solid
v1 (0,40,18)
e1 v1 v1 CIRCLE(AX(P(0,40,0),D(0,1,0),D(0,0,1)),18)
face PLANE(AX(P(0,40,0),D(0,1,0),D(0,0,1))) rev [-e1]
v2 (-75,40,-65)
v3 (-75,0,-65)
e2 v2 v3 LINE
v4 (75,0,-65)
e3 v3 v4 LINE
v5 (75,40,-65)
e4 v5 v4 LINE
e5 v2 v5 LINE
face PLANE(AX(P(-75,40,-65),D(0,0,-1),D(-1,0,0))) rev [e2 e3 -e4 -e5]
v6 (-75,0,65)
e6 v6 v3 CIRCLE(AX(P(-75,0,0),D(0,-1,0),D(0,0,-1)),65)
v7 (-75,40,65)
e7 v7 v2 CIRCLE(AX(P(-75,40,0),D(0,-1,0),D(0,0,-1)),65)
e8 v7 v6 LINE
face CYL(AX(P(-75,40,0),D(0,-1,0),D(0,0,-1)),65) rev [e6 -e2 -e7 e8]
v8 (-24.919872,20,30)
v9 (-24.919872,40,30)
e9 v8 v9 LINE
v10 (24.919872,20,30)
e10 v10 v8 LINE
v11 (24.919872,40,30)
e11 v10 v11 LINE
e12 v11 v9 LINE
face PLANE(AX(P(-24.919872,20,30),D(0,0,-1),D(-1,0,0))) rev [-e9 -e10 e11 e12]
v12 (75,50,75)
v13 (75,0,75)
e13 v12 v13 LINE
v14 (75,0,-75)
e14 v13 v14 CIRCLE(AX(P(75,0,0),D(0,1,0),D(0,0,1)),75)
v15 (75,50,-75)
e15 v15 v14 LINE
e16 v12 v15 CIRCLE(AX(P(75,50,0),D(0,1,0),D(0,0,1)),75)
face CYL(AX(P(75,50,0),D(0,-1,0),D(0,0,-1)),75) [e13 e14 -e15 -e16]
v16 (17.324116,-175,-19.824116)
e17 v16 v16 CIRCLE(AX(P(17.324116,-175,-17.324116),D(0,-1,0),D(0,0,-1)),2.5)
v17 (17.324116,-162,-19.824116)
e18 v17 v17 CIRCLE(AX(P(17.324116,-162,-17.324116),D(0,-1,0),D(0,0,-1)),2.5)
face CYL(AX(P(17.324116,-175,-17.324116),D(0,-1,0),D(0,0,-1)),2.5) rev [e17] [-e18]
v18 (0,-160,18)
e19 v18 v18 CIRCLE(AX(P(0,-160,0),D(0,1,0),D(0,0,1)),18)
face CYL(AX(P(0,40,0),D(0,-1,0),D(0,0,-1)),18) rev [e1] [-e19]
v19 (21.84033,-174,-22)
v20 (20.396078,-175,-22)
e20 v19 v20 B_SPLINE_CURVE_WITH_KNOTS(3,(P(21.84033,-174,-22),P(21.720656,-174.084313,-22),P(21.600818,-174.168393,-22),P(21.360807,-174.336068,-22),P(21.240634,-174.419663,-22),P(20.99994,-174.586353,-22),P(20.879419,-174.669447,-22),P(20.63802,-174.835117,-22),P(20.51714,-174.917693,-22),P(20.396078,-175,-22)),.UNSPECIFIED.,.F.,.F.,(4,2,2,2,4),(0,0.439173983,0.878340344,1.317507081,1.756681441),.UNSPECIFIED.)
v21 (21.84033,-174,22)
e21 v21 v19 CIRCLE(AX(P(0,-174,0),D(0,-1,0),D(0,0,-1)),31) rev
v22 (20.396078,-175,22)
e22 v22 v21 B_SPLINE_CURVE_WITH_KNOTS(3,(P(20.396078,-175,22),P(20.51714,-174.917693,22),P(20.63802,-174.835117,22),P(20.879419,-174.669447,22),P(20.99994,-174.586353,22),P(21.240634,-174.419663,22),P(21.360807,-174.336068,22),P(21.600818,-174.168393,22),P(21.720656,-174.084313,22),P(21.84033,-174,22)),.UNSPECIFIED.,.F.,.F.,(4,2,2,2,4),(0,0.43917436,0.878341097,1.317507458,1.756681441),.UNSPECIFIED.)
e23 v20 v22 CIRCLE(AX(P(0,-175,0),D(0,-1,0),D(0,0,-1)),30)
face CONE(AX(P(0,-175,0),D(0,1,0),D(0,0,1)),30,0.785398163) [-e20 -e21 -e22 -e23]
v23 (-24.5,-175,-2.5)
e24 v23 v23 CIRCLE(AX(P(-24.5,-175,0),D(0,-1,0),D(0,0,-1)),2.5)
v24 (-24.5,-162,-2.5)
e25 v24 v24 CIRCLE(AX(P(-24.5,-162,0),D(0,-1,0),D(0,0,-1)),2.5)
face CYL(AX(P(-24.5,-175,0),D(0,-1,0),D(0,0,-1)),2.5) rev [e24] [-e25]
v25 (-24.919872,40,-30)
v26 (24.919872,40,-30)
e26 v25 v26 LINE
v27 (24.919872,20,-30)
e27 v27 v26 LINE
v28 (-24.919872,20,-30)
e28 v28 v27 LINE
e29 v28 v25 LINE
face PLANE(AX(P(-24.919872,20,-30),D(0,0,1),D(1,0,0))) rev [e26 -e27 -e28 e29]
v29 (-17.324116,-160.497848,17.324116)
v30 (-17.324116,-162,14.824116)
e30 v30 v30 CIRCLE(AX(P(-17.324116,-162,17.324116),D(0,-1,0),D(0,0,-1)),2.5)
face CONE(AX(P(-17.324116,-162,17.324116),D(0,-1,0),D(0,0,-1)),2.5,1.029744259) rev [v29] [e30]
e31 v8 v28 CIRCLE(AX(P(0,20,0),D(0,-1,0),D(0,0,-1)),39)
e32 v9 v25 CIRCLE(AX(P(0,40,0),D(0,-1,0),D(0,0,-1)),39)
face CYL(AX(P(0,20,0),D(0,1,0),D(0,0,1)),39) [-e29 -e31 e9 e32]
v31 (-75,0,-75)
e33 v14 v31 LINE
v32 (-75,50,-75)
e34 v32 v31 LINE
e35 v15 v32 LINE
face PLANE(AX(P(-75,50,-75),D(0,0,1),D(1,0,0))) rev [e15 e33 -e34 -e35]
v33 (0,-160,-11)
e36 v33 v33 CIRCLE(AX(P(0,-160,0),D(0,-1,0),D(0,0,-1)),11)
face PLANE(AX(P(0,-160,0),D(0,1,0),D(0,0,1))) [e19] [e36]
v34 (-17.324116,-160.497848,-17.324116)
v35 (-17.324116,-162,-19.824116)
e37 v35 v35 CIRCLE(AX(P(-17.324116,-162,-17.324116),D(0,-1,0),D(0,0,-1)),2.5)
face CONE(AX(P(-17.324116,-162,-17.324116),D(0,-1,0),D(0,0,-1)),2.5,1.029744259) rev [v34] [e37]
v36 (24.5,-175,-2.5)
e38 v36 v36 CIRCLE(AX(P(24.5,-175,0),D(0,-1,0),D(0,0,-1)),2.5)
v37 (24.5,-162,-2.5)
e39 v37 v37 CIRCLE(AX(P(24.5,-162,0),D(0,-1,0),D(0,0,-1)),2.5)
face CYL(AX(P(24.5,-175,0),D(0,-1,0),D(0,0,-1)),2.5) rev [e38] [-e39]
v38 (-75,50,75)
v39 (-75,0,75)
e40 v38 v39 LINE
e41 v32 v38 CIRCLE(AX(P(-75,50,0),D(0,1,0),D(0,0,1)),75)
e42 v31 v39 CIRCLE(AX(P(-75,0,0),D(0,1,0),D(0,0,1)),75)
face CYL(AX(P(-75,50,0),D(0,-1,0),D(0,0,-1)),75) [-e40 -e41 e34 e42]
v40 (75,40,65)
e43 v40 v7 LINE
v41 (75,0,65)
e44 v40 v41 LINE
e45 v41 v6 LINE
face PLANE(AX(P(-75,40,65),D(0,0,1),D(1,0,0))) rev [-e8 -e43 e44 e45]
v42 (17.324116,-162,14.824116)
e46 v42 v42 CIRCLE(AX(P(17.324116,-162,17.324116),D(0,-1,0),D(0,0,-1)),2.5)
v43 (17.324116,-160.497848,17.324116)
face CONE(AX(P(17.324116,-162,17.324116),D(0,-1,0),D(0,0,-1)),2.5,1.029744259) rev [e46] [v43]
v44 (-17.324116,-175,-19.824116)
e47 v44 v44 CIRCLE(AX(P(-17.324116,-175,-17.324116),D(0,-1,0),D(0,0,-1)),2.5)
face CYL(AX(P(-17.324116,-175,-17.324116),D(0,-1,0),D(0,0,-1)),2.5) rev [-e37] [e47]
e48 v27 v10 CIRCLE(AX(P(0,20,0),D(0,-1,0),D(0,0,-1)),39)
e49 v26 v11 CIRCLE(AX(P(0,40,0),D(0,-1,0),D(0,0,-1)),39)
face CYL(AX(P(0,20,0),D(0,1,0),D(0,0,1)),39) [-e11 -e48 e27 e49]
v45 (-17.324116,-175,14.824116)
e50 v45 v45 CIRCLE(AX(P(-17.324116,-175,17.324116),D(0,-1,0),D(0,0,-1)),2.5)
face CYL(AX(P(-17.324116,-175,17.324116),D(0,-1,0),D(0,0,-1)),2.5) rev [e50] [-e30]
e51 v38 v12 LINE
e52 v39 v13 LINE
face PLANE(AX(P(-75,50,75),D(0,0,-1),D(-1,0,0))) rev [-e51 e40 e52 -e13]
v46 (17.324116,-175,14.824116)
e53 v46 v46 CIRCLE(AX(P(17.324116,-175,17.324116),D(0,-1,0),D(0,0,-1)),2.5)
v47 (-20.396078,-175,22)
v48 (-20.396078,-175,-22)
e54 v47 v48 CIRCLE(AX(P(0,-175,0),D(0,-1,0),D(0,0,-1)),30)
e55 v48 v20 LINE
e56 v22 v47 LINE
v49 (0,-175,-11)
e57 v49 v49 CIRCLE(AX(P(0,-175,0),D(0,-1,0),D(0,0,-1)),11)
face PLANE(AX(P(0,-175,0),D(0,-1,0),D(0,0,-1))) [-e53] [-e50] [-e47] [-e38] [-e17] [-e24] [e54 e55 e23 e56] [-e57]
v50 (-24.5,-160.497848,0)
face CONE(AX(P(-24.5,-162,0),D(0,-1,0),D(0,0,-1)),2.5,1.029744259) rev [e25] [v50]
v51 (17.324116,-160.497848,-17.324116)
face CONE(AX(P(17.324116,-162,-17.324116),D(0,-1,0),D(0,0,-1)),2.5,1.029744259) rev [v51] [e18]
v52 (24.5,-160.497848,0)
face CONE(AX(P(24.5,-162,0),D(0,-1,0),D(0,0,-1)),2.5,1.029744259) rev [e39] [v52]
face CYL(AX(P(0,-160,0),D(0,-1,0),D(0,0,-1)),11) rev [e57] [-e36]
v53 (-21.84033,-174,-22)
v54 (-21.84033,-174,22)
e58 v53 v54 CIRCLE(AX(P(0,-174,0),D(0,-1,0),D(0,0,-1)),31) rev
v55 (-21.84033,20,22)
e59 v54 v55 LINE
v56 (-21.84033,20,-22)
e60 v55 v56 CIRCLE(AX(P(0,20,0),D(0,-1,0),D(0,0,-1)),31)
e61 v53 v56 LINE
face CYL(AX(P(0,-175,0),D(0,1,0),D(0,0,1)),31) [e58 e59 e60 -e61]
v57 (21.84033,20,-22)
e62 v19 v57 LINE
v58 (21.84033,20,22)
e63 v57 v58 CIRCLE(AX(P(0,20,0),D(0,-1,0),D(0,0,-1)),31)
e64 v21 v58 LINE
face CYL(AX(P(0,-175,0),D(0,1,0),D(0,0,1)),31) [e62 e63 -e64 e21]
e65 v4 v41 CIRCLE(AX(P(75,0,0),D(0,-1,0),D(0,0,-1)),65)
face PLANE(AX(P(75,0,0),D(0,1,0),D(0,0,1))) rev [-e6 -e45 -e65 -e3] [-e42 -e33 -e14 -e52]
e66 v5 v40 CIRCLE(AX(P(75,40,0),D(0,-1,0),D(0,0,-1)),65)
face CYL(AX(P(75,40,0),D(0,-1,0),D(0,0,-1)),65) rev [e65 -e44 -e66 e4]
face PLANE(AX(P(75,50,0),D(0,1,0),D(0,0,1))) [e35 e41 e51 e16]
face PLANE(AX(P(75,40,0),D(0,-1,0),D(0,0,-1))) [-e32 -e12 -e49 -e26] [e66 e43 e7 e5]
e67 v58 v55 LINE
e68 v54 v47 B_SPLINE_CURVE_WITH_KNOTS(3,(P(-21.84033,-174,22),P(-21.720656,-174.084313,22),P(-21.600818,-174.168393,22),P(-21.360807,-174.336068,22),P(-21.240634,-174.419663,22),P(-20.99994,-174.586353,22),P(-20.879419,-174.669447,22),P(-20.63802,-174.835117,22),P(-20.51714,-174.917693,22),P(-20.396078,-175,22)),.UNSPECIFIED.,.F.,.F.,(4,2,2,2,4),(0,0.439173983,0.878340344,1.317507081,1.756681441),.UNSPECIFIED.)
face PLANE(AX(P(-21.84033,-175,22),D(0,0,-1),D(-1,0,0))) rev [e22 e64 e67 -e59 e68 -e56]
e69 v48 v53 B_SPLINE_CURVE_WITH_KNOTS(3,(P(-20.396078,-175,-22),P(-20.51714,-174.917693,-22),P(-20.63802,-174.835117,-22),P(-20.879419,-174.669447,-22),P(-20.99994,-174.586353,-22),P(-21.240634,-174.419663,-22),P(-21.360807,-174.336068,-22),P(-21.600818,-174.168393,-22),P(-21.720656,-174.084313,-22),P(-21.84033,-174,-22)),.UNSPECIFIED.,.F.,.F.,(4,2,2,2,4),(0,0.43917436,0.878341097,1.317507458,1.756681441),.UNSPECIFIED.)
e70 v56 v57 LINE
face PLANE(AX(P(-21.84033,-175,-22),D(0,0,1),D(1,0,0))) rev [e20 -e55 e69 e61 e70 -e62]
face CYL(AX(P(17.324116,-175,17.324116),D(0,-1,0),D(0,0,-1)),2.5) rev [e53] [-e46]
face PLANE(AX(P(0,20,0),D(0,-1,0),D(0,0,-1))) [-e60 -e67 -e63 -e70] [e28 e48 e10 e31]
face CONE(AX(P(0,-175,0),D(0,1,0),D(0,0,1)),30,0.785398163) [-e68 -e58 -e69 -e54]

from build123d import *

# Parameters (mm, degrees)
EXTRUDE_1_DEPTH        = 50
CUT_EXTRUDE_1_DEPTH    = 40
EXTRUDE_2_DEPTH        = 20
EXTRUDE_3_DEPTH        = 195
SKETCH_6_R             = 11
CUT_EXTRUDE_2_DEPTH    = 15
SKETCH_7_R             = 18
CUT_EXTRUDE_3_DEPTH    = 200
HOLE_WIZARD_M6_1_D     = 5
HOLE_WIZARD_M6_1_DEPTH = 13
HOLE_WIZARD_M6_1_TIP   = 1.502151548
CHAMFER_1_SIZE         = 1


with BuildPart() as part:
    # 草图1 → 凸台-拉伸1 (new body)
    with BuildSketch(Plane(origin=(0, 0, 0), x_dir=(1, 0, 0), z_dir=(0, 1, 0))):
        with BuildLine():
            Line((-75, 75), (75, 75))
            ThreePointArc((75, 75), (150, 0), (75, -75))
            Line((75, -75), (-75, -75))
            ThreePointArc((-75, -75), (-150, 0), (-75, 75))
        make_face()
    extrude(amount=EXTRUDE_1_DEPTH)

    # 草图2 → 切除-拉伸1 (cut)
    with BuildSketch(Plane.XZ):
        with BuildLine():
            Line((-75, 65), (75, 65))
            ThreePointArc((75, 65), (140, 0), (75, -65))
            Line((75, -65), (-75, -65))
            ThreePointArc((-75, -65), (-140, 0), (-75, 65))
        make_face()
    extrude(amount=-CUT_EXTRUDE_1_DEPTH, mode=Mode.SUBTRACT)

    # 草图4 → 凸台-拉伸2 (add)
    with BuildSketch(Plane.XZ.offset(-40)):
        with BuildLine():
            Line((-24.919871589, 30), (24.919871589, 30))
            ThreePointArc((24.919871589, 30), (39, 0), (24.919871589, -30))
            Line((24.919871589, -30), (-24.919871589, -30))
            ThreePointArc((-24.919871589, -30), (-39, 0), (-24.919871589, 30))
        make_face()
    extrude(amount=EXTRUDE_2_DEPTH)

    # 草图5 → 凸台-拉伸3 (add)
    with BuildSketch(Plane.XZ.offset(-20)):
        with BuildLine():
            Line((-21.840329668, 22), (21.840329668, 22))
            ThreePointArc((21.840329668, 22), (31, 0), (21.840329668, -22))
            Line((21.840329668, -22), (-21.840329668, -22))
            ThreePointArc((-21.840329668, -22), (-31, 0), (-21.840329668, 22))
        make_face()
    extrude(amount=EXTRUDE_3_DEPTH)

    # 草图6 → 切除-拉伸2 (cut)
    with BuildSketch(Plane.XZ.offset(175)):
        with Locations(Location((0, 0, 0), (0, 0, 270))):
            Circle(SKETCH_6_R)
    extrude(amount=-CUT_EXTRUDE_2_DEPTH, mode=Mode.SUBTRACT)

    # 草图7 → 切除-拉伸3 (cut)
    with BuildSketch(Plane(origin=(0, -160, 0), x_dir=(1, 0, 0), z_dir=(0, 1, 0))):
        with Locations(Location((0, 0, 0), (0, 0, 270))):
            Circle(SKETCH_7_R)
    extrude(amount=CUT_EXTRUDE_3_DEPTH, mode=Mode.SUBTRACT)

    # M6 螺纹孔1
    with Locations(Plane(origin=(0, -175, 0), x_dir=(-1, 0, 0), z_dir=(0, -1, 0))):
        with Locations((24.5, 0), (17.324116139, -17.324116139), (-17.324116139, -17.324116139), (-24.5, 0), (-17.324116139, 17.324116139), (17.324116139, 17.324116139)):
            Hole(HOLE_WIZARD_M6_1_D / 2, depth=HOLE_WIZARD_M6_1_DEPTH)
            with Locations((0, 0, -(HOLE_WIZARD_M6_1_DEPTH + HOLE_WIZARD_M6_1_TIP / 2))):  # 118° drill point
                Cone(0, HOLE_WIZARD_M6_1_D / 2, HOLE_WIZARD_M6_1_TIP, mode=Mode.SUBTRACT)

    # 倒角1
    chamfer_1_edges = [part.edges().sort_by_distance(p)[0] for p in [
        (-31, -175, 0),
        (31, -175, 0),
    ]]
    chamfer(chamfer_1_edges, length=CHAMFER_1_SIZE)


solid = part.part
